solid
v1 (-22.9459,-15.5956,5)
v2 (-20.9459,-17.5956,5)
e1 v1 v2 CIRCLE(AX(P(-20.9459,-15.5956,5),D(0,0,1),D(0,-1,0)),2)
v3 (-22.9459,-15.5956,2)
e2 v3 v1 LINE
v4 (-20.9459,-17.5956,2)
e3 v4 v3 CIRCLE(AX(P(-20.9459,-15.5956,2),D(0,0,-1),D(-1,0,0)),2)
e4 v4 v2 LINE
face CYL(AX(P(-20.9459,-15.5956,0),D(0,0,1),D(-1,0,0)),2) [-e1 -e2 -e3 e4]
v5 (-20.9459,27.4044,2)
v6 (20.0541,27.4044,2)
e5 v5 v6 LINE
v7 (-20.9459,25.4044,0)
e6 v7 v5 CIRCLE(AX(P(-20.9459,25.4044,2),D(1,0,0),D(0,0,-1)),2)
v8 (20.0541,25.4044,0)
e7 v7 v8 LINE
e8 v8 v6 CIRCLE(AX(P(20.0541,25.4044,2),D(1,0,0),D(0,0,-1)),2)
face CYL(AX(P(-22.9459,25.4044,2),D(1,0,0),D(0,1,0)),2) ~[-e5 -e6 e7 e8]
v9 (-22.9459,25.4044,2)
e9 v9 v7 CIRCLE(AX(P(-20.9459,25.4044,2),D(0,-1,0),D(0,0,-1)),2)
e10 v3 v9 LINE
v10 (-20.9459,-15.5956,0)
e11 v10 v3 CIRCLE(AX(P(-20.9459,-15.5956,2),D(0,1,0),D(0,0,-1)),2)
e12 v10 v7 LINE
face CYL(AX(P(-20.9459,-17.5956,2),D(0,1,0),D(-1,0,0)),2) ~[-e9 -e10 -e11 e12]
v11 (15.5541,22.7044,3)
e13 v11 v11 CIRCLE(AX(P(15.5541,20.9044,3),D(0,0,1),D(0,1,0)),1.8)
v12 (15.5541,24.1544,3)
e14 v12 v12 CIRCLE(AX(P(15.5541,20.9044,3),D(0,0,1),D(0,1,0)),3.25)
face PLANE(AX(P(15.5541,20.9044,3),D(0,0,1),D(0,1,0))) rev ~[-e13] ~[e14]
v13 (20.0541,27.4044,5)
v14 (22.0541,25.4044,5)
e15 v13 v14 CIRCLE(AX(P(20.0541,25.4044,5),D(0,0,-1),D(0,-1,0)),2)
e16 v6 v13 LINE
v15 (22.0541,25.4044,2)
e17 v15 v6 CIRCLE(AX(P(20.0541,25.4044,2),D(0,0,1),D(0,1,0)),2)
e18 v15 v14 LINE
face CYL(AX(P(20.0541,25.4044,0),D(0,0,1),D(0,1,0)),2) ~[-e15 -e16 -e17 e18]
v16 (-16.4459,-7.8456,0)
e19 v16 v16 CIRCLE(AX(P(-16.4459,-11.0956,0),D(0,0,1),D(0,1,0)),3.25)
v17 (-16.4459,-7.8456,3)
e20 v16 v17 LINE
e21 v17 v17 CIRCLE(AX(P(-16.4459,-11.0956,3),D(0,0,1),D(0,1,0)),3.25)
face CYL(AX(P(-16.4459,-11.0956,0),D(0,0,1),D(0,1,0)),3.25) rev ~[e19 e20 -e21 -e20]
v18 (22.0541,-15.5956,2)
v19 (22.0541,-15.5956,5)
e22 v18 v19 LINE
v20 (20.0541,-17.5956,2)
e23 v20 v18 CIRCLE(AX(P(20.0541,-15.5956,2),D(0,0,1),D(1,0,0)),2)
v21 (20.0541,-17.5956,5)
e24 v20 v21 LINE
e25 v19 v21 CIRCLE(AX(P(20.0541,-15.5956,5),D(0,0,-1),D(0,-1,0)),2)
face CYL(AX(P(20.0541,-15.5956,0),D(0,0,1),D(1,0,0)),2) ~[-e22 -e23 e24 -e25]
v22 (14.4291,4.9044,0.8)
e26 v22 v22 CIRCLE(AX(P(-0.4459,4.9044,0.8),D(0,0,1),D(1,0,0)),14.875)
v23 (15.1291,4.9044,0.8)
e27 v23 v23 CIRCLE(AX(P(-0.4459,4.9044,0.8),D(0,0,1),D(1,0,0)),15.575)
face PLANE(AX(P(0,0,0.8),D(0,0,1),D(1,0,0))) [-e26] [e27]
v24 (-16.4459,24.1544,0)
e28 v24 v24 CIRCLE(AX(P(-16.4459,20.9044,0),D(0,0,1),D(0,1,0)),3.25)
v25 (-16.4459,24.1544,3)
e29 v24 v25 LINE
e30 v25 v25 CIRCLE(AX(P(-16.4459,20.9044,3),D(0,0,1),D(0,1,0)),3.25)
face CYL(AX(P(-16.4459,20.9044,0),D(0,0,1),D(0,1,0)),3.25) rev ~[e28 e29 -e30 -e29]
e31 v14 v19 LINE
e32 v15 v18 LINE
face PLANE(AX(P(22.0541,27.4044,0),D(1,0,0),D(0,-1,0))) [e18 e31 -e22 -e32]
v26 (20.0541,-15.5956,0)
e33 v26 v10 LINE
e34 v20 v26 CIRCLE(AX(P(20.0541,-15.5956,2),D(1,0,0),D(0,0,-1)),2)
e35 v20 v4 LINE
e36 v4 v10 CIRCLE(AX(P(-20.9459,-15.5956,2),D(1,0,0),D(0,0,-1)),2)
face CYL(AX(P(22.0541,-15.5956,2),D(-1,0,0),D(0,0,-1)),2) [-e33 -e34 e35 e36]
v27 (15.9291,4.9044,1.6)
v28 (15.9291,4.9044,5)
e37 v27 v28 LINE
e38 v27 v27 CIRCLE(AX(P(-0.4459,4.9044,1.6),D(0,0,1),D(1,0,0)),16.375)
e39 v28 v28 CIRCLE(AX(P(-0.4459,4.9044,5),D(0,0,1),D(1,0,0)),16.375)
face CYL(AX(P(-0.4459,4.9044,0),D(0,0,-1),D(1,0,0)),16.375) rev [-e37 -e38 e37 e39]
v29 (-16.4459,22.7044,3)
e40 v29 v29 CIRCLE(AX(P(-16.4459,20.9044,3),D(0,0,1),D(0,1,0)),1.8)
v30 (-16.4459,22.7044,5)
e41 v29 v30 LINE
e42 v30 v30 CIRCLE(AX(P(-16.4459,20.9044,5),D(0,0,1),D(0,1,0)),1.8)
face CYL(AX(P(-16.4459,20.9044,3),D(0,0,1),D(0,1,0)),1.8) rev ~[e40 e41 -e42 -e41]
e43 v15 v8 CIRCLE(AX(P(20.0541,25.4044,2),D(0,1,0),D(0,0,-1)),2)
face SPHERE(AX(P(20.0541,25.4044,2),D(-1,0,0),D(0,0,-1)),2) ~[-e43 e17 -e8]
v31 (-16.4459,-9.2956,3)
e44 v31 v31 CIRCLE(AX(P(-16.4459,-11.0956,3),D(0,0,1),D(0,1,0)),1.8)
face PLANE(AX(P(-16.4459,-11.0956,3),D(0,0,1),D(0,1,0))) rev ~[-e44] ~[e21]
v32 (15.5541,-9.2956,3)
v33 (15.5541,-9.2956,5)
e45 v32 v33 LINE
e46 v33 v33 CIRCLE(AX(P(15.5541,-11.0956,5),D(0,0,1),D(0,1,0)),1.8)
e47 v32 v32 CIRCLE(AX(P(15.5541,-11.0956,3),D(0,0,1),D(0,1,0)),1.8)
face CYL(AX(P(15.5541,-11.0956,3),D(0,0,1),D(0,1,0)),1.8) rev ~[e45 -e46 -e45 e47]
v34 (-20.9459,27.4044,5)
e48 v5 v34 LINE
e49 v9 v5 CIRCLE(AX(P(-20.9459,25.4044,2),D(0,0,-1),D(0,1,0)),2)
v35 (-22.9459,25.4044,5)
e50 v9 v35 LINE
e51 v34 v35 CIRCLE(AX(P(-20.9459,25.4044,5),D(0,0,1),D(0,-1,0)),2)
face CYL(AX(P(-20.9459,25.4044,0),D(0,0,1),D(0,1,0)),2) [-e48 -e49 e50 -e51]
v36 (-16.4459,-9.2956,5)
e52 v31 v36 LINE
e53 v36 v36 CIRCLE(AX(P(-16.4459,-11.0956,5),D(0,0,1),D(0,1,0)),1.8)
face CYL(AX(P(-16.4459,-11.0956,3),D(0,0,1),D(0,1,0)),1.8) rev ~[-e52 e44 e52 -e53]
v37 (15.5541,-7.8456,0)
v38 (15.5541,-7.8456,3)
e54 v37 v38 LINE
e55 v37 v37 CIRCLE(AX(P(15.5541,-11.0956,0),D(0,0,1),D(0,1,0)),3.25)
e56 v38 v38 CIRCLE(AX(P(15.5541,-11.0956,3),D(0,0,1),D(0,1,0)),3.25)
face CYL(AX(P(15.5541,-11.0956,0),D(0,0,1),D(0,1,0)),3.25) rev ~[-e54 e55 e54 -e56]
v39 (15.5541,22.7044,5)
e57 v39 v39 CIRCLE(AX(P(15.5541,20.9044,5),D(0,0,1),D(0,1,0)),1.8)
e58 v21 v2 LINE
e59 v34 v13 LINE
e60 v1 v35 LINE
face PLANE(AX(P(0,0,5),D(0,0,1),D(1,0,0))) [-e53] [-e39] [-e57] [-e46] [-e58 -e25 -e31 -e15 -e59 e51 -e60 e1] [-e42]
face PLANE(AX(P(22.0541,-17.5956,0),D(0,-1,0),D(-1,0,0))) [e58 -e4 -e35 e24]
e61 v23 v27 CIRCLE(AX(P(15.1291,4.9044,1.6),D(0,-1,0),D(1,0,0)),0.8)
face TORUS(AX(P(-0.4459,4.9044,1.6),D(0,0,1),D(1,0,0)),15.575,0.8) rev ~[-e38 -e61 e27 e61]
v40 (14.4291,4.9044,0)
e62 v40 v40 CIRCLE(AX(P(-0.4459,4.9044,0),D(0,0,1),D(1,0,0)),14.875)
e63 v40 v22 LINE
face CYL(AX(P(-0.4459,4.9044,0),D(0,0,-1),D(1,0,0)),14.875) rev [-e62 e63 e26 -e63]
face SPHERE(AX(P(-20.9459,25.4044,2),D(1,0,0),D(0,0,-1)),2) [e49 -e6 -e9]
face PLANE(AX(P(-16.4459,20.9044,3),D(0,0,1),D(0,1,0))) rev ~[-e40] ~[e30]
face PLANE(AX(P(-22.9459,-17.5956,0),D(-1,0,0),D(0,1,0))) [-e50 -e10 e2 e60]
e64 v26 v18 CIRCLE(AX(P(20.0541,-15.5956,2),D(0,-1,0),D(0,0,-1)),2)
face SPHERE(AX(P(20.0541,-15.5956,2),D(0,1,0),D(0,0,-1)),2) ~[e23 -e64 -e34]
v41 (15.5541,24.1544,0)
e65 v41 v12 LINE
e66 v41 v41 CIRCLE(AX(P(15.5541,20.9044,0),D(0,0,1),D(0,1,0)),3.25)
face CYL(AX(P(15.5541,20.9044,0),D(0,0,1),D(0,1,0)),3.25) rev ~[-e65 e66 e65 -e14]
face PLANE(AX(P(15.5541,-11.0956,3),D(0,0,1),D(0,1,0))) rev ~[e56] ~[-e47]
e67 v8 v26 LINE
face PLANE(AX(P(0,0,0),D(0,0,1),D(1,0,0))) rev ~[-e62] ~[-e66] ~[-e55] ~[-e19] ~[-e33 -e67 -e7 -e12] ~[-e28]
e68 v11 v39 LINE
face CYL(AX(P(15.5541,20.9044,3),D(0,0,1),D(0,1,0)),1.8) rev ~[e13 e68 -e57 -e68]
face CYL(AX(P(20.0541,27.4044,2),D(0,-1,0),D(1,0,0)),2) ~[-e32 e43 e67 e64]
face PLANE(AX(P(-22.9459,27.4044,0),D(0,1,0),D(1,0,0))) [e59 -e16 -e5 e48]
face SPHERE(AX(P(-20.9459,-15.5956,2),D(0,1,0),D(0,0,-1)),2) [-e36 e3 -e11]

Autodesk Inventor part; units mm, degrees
ref_plane "YZ Plane" through (0, 0, 0) normal (1, 0, 0) x (0, 1, 0)
ref_plane "XZ Plane" through (0, 0, 0) normal (0, 1, 0) x (-1, 0, 0)
ref_plane "XY Plane" through (0, 0, 0) normal (0, 0, 1) x (1, 0, 0)
sketch "Sketch1: base" plane through (0, 0, 0) normal (0, 0, 1) x (1, 0, 0)
  line L0 (-22.9459, 27.4044) -> (22.0541, 27.4044)
  line L1 (22.0541, 27.4044) -> (22.0541, -17.5956)
  line L2 (22.0541, -17.5956) -> (-22.9459, -17.5956)
  line L3 (-22.9459, -17.5956) -> (-22.9459, 27.4044)
  circle A0 centre (-0.4459, 4.9044) radius 16.375
  line L4 (-16.4459, 20.9044) -> (15.5541, 20.9044) construction
  line L5 (15.5541, 20.9044) -> (15.5541, -11.0956) construction
  line L6 (15.5541, -11.0956) -> (-16.4459, -11.0956) construction
  line L7 (-16.4459, -11.0956) -> (-16.4459, 20.9044) construction
  circle A1 centre (-0.4459, 4.9044) radius 14.875
  circle A2 centre (15.5541, 20.9044) radius 1.8 construction
  circle A3 centre (15.5541, 20.9044) radius 3.25 construction
  point P0 (0, 0)
  point P1 (22.0541, 4.9044)
  point P2 (-0.4459, 27.4044)
  point P3 (-0.4459, 20.9044)
  point P4 (-16.4459, 4.9044)
  dimension "d0" = 32.75
  dimension "d1" = 45
  dimension "d4" = 32
  dimension "d16" = 1.5
  dimension "d19" = 6.5
  dimension "d20" = 3.6
  dimension "d21" = 6.5
extrude "Ex1: base" add sketch "Sketch1: base" along normal blind 5 contours L0 L1 L2 L3
hole "Hole1: M3 screws" at (-16.4459, 20.9044, 0) at (15.5541, 20.9044, 0) at (-16.4459, -11.0956, 0) at (15.5541, -11.0956, 0) direction (0, 0, 1) diameter 3.6 end through all counterbore diameter 6.5 counterbore depth 3 clearance for "Socket Head Cap Screw" size "M3" standard "Ansi Metric M Profile"
fillet "Fillet1" radius 2 8 edges at (-0.4459, 27.4044, 0) (22.0541, 4.9044, 0) (22.0541, 27.4044, 2.5) (-22.9459, 4.9044, 0) (-0.4459, -17.5956, 0) (22.0541, -17.5956, 2.5) (-22.9459, -17.5956, 2.5) (-22.9459, 27.4044, 2.5)
extrude "Ex2: stopper" add sketch "Sketch1: base" along normal blind 0.8 contours A0
fillet "Fillet2 (for printing)" radius 0.8 1 edges at (-16.8209, 4.9044, 0.8)
properties part number "cage_inside_01"
